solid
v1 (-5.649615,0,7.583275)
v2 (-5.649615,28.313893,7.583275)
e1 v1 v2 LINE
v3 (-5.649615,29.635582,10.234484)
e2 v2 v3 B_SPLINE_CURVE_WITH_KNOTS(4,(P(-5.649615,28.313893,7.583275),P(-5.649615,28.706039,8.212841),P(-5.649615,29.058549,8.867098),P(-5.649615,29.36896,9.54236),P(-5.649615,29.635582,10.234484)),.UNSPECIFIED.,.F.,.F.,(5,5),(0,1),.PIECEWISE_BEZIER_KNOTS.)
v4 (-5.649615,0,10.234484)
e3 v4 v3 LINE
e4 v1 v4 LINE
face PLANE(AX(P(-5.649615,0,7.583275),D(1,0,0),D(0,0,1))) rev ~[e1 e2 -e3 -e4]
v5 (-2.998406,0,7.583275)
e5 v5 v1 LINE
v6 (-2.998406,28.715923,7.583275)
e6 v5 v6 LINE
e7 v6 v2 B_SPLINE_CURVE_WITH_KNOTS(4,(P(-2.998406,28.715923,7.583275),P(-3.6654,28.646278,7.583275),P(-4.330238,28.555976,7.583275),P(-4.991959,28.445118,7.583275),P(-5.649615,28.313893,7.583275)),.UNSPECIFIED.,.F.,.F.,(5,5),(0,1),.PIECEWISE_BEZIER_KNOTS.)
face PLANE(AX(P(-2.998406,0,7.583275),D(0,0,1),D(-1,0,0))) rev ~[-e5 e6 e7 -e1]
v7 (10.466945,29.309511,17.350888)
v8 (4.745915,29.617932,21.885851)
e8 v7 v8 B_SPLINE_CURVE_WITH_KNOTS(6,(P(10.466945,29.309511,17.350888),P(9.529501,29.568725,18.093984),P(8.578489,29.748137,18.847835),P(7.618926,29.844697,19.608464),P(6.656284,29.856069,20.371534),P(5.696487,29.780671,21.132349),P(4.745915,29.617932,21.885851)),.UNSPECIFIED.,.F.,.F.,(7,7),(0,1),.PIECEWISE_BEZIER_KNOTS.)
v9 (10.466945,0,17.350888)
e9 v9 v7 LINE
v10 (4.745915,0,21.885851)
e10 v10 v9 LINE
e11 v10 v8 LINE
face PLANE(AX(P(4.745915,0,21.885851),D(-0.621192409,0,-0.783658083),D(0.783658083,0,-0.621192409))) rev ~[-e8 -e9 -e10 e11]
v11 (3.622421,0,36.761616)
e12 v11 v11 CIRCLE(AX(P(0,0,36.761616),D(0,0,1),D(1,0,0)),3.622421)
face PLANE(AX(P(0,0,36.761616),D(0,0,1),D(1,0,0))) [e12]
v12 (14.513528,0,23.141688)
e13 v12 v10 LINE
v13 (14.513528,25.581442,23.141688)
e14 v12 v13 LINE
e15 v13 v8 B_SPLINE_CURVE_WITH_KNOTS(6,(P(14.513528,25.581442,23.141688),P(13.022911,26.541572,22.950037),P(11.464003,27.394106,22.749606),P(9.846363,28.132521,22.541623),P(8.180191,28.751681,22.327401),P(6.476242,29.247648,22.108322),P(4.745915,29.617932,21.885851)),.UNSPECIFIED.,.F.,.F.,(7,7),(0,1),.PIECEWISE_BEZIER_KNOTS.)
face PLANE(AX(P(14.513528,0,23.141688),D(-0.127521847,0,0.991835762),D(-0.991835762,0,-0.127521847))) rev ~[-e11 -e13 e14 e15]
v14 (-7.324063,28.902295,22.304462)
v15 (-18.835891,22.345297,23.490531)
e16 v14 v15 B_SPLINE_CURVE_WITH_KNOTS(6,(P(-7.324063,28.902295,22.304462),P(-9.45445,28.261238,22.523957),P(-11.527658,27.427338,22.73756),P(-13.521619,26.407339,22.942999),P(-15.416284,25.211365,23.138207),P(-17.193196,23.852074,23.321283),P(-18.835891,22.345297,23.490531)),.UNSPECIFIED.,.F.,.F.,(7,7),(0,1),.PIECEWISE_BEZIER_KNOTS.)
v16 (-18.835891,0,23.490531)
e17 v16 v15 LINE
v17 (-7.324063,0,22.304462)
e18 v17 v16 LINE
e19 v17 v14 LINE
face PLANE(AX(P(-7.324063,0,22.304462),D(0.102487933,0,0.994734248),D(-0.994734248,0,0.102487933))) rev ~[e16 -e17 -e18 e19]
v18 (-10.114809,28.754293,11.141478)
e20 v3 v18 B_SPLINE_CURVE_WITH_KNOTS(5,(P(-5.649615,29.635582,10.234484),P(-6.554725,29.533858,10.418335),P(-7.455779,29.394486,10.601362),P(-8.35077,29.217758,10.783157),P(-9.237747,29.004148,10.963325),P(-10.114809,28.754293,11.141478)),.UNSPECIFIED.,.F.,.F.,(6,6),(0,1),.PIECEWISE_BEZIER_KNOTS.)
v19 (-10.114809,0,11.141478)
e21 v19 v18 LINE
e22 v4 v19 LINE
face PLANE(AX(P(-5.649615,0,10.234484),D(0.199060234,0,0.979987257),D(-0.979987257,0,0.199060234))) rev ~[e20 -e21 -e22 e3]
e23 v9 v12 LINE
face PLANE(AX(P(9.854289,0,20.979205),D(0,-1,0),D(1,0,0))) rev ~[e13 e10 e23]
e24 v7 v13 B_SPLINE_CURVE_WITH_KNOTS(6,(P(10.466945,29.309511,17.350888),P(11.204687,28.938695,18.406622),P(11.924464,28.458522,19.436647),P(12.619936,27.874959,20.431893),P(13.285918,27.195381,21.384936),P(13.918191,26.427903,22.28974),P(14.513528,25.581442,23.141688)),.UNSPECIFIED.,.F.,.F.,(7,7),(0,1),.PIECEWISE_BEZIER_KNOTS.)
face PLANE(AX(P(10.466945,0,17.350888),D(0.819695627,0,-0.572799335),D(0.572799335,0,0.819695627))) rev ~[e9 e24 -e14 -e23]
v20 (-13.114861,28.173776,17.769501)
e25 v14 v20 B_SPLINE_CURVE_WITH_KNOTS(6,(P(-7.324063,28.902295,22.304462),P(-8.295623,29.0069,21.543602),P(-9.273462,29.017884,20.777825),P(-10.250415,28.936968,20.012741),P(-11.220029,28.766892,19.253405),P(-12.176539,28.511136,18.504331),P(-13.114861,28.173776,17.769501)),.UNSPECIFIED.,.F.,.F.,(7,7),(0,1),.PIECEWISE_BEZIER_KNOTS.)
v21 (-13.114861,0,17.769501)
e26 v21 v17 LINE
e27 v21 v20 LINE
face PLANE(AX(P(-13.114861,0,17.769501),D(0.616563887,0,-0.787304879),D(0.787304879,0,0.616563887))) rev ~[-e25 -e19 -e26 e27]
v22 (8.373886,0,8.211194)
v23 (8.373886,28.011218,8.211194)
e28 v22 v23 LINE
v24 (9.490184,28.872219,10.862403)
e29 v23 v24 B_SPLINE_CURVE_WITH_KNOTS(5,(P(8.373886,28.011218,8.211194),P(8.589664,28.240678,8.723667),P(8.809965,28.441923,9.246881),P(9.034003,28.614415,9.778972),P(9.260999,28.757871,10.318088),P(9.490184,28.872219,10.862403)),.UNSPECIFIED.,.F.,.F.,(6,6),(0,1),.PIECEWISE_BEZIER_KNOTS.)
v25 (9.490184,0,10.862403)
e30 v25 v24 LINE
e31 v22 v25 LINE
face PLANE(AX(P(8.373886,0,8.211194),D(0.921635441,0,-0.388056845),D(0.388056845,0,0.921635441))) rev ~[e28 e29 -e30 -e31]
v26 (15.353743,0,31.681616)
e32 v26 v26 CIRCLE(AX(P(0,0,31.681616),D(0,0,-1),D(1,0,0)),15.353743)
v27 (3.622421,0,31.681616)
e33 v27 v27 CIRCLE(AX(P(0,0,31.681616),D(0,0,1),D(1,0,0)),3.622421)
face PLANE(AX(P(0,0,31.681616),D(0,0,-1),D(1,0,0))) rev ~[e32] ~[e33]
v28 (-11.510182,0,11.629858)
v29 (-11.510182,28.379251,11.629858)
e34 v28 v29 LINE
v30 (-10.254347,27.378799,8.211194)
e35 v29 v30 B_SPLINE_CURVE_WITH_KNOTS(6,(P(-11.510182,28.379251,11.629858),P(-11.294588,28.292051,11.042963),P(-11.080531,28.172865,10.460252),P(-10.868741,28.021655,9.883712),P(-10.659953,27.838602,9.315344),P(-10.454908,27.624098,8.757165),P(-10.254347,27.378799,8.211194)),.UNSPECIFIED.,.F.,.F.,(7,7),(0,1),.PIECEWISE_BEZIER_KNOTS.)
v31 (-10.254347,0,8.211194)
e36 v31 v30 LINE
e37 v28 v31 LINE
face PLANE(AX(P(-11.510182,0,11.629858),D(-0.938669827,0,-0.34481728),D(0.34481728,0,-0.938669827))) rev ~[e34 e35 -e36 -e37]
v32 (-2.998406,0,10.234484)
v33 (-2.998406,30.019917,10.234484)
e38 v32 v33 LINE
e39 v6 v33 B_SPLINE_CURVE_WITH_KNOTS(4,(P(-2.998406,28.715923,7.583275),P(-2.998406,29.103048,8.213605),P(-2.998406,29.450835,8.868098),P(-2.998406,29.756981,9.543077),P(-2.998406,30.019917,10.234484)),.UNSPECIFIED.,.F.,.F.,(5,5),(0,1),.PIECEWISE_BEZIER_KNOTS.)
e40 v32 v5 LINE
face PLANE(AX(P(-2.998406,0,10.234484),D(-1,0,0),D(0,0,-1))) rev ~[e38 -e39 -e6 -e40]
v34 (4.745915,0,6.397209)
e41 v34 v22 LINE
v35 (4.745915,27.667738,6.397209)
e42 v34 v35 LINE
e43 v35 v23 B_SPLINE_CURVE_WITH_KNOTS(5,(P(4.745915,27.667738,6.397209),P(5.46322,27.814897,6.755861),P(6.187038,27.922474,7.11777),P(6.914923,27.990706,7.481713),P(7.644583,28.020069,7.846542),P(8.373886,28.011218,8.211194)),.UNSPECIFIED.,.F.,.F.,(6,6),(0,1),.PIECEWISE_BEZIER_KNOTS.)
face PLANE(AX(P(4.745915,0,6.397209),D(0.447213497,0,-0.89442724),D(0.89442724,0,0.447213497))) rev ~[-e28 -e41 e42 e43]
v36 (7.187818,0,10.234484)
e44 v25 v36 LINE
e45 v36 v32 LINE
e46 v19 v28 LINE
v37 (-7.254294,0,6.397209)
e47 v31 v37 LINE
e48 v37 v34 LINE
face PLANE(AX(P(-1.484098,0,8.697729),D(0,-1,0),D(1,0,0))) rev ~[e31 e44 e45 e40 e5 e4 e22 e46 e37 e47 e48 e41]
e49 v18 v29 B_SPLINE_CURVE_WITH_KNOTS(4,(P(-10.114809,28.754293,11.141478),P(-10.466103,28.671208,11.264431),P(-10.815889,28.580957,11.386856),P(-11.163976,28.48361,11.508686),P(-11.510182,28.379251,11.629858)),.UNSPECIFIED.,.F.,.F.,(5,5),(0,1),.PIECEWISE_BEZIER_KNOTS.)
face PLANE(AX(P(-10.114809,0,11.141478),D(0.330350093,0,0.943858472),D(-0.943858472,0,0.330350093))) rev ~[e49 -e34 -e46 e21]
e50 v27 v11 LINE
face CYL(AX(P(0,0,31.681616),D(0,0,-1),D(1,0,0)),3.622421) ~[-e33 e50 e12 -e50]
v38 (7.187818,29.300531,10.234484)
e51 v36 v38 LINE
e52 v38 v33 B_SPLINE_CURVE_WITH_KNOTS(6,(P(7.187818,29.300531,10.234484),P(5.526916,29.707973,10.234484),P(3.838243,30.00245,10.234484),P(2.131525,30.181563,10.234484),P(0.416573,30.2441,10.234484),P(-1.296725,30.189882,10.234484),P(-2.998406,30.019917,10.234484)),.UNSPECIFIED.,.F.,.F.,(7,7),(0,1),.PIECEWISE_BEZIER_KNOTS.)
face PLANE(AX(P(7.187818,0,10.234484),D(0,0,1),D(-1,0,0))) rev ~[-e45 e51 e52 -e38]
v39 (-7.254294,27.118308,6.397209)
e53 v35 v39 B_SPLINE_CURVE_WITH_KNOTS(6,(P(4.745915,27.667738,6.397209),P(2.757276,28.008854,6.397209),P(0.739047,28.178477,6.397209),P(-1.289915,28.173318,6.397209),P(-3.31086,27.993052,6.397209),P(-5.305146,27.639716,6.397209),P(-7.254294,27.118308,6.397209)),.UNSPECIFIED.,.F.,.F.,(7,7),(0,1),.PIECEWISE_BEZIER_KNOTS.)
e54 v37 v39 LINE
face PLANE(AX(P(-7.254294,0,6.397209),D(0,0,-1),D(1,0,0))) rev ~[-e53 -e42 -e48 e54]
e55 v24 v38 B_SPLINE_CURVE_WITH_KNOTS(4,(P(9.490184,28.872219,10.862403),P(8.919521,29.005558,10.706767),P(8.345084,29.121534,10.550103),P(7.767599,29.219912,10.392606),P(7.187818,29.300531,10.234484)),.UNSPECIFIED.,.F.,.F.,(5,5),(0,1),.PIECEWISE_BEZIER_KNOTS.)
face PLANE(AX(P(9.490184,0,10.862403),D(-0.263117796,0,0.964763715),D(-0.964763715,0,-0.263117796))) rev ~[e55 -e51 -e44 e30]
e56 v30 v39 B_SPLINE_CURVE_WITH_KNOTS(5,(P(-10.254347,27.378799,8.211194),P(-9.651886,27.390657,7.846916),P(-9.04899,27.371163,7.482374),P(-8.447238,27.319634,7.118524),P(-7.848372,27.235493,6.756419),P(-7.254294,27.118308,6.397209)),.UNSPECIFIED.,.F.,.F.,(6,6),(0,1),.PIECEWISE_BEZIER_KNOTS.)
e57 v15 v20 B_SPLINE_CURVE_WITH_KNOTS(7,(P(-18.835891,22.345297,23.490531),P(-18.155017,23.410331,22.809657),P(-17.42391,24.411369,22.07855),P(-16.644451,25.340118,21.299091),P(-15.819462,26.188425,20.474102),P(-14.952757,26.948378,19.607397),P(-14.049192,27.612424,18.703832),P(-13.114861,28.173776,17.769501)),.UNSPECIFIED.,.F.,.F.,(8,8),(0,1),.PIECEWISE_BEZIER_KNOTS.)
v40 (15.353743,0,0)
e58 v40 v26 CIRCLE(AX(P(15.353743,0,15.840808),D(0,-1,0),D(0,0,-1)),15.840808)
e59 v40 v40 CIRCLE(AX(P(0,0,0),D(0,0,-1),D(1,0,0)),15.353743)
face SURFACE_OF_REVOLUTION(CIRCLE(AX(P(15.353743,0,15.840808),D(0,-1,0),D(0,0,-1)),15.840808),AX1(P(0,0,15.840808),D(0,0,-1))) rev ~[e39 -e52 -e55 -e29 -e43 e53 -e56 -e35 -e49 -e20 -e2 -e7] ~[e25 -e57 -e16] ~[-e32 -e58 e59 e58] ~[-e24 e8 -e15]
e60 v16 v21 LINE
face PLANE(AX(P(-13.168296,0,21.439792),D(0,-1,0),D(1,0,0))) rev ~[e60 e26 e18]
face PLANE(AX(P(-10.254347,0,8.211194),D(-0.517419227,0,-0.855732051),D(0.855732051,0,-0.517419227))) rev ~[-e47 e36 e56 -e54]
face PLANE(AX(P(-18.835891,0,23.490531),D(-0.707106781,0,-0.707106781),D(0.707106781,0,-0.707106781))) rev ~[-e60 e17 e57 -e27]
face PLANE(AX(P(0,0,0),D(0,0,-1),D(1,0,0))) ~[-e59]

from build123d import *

# Parameters (mm, degrees)
F2_R     = 3.622421
F3_DEPTH = 5.08
F5_DEPTH = 50.8


with BuildPart() as f1:
    # F0 (on Front) → F1 (revolve)
    with BuildSketch(Plane.XZ):
        with BuildLine():
            Line((0, 31.681616), (0, 0))
            Line((0, 0), (15.353743, 0))
            ThreePointArc((15.353743, 0), (31.194551, 15.840808), (15.353743, 31.681616))
            Line((15.353743, 31.681616), (0, 31.681616))
        make_face()
    revolve(axis=Axis((0, 0, 15.840808), (0, 0, -1)))

    # F2 (on face) → F3 (join)
    with BuildSketch(Plane.XY.offset(31.681616)):
        Circle(F2_R)
    extrude(amount=F3_DEPTH)

    # F4 (on Front) → F5 (cut)
    with BuildSketch(Plane.XZ):
        Polygon((-13.114861, 17.769501), (-7.324063, 22.304462), (-18.835891, 23.490531), align=None)
        Polygon((14.513528, 23.141688), (4.745915, 21.885851), (10.466945, 17.350888), align=None)
        Polygon((-5.649615, 10.234484), (-10.114809, 11.141478), (-11.510182, 11.629858), (-10.254347, 8.211194), (-7.254294, 6.397209), (-3.207712, 6.397209), (1.536557, 6.397209), (4.745915, 6.397209), (8.373886, 8.211194), (9.490184, 10.862403), (7.187818, 10.234484), (-2.998406, 10.234484), (-2.998406, 7.583275), (-5.649615, 7.583275), align=None)
    extrude(amount=-F5_DEPTH, mode=Mode.SUBTRACT)


solid = f1.part
